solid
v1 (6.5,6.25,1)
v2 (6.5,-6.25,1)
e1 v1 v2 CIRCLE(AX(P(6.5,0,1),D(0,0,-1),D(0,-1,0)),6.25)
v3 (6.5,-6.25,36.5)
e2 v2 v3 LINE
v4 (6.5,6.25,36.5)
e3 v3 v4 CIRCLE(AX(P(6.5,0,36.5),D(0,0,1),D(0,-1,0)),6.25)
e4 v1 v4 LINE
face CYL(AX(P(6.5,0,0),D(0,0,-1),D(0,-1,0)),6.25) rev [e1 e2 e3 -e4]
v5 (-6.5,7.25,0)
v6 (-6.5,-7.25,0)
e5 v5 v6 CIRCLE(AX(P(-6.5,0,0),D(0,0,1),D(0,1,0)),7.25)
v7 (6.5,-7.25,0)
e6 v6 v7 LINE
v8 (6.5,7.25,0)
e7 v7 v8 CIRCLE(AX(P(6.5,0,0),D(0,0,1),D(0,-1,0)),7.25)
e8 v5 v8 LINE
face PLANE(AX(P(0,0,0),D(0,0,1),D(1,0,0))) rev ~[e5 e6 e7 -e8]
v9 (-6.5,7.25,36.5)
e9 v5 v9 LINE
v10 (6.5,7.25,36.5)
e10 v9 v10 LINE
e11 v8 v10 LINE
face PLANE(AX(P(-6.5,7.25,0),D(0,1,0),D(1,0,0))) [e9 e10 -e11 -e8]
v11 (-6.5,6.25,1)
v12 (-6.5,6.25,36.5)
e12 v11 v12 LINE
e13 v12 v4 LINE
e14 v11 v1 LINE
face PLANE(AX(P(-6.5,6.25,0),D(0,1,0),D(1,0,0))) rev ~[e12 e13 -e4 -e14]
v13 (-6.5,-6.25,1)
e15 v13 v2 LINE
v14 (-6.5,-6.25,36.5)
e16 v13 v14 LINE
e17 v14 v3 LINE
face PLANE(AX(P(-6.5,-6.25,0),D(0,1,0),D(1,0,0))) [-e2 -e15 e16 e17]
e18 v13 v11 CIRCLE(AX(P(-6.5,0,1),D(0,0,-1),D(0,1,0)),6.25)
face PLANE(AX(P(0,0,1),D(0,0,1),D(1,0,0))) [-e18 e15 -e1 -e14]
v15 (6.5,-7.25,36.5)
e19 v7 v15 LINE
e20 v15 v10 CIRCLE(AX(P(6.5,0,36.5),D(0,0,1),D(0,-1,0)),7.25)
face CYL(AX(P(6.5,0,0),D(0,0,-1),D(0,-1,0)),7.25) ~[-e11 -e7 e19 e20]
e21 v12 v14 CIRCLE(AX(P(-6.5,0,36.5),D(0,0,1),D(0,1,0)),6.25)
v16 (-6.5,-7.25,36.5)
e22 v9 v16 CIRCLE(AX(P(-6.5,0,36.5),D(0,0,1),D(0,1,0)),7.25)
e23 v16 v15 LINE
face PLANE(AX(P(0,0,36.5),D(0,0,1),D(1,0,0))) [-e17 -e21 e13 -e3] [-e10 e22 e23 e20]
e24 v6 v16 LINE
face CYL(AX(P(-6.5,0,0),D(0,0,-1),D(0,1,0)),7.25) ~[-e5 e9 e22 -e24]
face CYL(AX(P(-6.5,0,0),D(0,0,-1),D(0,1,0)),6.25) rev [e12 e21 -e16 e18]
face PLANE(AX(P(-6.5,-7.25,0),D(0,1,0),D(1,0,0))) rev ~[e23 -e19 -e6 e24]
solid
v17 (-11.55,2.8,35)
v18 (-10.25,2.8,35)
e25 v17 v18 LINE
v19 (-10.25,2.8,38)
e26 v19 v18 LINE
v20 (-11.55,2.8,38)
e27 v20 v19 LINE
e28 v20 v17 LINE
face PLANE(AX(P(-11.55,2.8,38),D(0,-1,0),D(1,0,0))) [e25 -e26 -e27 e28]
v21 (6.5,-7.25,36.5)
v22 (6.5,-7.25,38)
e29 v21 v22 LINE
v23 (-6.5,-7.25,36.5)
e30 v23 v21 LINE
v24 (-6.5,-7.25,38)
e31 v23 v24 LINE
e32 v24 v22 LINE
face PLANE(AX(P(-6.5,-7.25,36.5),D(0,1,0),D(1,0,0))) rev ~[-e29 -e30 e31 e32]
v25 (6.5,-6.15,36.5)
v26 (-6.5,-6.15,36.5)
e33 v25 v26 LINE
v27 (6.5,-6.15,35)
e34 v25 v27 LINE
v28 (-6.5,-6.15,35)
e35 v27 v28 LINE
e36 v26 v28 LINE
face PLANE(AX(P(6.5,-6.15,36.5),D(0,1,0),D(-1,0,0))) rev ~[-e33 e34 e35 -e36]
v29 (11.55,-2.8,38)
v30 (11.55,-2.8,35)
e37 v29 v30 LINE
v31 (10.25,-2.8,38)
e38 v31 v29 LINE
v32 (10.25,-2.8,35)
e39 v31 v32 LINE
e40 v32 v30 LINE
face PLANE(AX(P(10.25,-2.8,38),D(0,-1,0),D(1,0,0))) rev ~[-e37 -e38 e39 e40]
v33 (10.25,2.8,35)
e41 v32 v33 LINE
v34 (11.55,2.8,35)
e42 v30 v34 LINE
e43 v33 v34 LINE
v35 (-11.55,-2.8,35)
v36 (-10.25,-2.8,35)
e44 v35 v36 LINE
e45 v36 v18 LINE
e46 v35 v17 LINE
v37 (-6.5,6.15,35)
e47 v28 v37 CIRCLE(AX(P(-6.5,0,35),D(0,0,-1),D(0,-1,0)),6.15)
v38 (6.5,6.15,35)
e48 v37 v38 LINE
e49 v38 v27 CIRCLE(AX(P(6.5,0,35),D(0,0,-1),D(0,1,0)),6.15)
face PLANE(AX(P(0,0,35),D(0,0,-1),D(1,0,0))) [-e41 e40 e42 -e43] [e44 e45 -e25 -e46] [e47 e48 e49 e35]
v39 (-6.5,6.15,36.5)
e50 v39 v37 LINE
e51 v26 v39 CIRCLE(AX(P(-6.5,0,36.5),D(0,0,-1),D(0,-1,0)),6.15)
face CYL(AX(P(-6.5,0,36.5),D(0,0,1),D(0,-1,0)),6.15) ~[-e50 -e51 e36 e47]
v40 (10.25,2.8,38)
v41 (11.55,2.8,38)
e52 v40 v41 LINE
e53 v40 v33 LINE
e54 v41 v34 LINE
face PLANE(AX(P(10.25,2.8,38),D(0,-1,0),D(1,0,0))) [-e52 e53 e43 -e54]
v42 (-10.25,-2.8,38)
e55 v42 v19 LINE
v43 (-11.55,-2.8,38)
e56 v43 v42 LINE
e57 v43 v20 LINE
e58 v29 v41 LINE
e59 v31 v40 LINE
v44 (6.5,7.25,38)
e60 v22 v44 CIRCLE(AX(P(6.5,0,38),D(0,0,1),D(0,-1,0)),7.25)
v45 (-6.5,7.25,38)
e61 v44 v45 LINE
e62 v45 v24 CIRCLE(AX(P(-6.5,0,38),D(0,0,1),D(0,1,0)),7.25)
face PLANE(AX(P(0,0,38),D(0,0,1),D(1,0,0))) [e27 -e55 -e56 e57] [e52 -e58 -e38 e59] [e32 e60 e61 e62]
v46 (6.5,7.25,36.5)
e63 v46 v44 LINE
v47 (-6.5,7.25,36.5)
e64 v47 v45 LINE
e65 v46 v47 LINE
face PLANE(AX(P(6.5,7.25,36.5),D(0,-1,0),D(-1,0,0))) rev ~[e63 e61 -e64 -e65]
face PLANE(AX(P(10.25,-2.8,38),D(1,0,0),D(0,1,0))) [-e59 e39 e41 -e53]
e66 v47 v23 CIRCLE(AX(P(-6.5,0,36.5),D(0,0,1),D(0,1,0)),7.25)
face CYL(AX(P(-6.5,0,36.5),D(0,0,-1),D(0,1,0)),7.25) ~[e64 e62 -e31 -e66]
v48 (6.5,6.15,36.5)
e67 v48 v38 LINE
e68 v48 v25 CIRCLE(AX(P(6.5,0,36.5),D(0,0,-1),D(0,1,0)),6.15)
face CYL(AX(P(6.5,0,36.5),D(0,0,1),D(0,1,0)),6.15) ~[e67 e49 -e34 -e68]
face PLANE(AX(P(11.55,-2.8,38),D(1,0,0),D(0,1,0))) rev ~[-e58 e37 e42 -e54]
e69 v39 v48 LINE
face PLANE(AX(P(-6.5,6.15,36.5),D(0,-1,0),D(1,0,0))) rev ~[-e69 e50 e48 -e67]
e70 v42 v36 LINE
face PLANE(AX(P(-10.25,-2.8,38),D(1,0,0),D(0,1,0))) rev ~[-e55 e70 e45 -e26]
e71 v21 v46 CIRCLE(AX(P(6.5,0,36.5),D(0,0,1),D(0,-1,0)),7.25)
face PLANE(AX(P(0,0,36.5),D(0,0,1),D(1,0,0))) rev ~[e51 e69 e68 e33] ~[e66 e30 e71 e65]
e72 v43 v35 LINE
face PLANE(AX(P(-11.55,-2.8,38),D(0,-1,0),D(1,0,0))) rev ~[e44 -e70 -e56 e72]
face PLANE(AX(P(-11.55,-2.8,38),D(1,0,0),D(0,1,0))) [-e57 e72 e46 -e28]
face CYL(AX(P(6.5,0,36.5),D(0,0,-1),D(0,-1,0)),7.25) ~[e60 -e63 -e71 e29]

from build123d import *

# Parameters (mm, degrees)
F0_W     = 13
F0_H     = 14.5
F1_DEPTH = 36.5
F2_T     = -1
F4_DEPTH = 1.5
F6_DEPTH = 1.5
F7_W     = 1.3
F7_H     = 5.6
F8_DEPTH = 3


with BuildPart() as f1:
    # F0 (on Top) → F1 (new body)
    with BuildSketch(Plane.XY):
        Rectangle(F0_W, F0_H)
        with BuildLine():
            Line((6.5, 7.25), (6.5, -7.25))
            ThreePointArc((6.5, -7.25), (13.75, 0), (6.5, 7.25))
        make_face()
        with BuildLine():
            ThreePointArc((-6.5, 7.25), (-13.75, 0), (-6.5, -7.25))
            Line((-6.5, -7.25), (-6.5, 7.25))
        make_face()
    extrude(amount=F1_DEPTH)

    # F2
    f2_openings = [f1.faces().sort_by_distance(p)[0] for p in [
        (0, 0, 36.5),
    ]]
    offset(amount=F2_T, openings=f2_openings)


with BuildPart() as f4:
    # F3 (on face) → F4 (new body)
    with BuildSketch(Plane.XY.offset(36.5)):
        with BuildLine():
            Line((-6.5, -7.25), (6.5, -7.25))
            ThreePointArc((6.5, -7.25), (13.75, 0), (6.5, 7.25))
            Line((6.5, 7.25), (-6.5, 7.25))
            ThreePointArc((-6.5, 7.25), (-13.75, 0), (-6.5, -7.25))
        make_face()
    extrude(amount=F4_DEPTH)

    # F5 (on face) → F6 (join)
    with BuildSketch(Plane(origin=(0, 0, 36.5), x_dir=(1, 0, 0), z_dir=(0, 0, -1))):
        with BuildLine():
            ThreePointArc((-6.5, 6.15), (-12.65, 0), (-6.5, -6.15))
            Line((-6.5, -6.15), (6.5, -6.15))
            ThreePointArc((6.5, -6.15), (12.65, 0), (6.5, 6.15))
            Line((6.5, 6.15), (-6.5, 6.15))
        make_face()
    extrude(amount=F6_DEPTH)

    # F7 (on face) → F8 (cut)
    with BuildSketch(Plane.XY.offset(38)):
        with Locations((-10.9, 0)):
            Rectangle(F7_W, F7_H)
        with Locations((10.9, 0)):
            Rectangle(F7_W, F7_H)
    extrude(amount=-F8_DEPTH, mode=Mode.SUBTRACT)


solid = Compound([f1.part, f4.part])
